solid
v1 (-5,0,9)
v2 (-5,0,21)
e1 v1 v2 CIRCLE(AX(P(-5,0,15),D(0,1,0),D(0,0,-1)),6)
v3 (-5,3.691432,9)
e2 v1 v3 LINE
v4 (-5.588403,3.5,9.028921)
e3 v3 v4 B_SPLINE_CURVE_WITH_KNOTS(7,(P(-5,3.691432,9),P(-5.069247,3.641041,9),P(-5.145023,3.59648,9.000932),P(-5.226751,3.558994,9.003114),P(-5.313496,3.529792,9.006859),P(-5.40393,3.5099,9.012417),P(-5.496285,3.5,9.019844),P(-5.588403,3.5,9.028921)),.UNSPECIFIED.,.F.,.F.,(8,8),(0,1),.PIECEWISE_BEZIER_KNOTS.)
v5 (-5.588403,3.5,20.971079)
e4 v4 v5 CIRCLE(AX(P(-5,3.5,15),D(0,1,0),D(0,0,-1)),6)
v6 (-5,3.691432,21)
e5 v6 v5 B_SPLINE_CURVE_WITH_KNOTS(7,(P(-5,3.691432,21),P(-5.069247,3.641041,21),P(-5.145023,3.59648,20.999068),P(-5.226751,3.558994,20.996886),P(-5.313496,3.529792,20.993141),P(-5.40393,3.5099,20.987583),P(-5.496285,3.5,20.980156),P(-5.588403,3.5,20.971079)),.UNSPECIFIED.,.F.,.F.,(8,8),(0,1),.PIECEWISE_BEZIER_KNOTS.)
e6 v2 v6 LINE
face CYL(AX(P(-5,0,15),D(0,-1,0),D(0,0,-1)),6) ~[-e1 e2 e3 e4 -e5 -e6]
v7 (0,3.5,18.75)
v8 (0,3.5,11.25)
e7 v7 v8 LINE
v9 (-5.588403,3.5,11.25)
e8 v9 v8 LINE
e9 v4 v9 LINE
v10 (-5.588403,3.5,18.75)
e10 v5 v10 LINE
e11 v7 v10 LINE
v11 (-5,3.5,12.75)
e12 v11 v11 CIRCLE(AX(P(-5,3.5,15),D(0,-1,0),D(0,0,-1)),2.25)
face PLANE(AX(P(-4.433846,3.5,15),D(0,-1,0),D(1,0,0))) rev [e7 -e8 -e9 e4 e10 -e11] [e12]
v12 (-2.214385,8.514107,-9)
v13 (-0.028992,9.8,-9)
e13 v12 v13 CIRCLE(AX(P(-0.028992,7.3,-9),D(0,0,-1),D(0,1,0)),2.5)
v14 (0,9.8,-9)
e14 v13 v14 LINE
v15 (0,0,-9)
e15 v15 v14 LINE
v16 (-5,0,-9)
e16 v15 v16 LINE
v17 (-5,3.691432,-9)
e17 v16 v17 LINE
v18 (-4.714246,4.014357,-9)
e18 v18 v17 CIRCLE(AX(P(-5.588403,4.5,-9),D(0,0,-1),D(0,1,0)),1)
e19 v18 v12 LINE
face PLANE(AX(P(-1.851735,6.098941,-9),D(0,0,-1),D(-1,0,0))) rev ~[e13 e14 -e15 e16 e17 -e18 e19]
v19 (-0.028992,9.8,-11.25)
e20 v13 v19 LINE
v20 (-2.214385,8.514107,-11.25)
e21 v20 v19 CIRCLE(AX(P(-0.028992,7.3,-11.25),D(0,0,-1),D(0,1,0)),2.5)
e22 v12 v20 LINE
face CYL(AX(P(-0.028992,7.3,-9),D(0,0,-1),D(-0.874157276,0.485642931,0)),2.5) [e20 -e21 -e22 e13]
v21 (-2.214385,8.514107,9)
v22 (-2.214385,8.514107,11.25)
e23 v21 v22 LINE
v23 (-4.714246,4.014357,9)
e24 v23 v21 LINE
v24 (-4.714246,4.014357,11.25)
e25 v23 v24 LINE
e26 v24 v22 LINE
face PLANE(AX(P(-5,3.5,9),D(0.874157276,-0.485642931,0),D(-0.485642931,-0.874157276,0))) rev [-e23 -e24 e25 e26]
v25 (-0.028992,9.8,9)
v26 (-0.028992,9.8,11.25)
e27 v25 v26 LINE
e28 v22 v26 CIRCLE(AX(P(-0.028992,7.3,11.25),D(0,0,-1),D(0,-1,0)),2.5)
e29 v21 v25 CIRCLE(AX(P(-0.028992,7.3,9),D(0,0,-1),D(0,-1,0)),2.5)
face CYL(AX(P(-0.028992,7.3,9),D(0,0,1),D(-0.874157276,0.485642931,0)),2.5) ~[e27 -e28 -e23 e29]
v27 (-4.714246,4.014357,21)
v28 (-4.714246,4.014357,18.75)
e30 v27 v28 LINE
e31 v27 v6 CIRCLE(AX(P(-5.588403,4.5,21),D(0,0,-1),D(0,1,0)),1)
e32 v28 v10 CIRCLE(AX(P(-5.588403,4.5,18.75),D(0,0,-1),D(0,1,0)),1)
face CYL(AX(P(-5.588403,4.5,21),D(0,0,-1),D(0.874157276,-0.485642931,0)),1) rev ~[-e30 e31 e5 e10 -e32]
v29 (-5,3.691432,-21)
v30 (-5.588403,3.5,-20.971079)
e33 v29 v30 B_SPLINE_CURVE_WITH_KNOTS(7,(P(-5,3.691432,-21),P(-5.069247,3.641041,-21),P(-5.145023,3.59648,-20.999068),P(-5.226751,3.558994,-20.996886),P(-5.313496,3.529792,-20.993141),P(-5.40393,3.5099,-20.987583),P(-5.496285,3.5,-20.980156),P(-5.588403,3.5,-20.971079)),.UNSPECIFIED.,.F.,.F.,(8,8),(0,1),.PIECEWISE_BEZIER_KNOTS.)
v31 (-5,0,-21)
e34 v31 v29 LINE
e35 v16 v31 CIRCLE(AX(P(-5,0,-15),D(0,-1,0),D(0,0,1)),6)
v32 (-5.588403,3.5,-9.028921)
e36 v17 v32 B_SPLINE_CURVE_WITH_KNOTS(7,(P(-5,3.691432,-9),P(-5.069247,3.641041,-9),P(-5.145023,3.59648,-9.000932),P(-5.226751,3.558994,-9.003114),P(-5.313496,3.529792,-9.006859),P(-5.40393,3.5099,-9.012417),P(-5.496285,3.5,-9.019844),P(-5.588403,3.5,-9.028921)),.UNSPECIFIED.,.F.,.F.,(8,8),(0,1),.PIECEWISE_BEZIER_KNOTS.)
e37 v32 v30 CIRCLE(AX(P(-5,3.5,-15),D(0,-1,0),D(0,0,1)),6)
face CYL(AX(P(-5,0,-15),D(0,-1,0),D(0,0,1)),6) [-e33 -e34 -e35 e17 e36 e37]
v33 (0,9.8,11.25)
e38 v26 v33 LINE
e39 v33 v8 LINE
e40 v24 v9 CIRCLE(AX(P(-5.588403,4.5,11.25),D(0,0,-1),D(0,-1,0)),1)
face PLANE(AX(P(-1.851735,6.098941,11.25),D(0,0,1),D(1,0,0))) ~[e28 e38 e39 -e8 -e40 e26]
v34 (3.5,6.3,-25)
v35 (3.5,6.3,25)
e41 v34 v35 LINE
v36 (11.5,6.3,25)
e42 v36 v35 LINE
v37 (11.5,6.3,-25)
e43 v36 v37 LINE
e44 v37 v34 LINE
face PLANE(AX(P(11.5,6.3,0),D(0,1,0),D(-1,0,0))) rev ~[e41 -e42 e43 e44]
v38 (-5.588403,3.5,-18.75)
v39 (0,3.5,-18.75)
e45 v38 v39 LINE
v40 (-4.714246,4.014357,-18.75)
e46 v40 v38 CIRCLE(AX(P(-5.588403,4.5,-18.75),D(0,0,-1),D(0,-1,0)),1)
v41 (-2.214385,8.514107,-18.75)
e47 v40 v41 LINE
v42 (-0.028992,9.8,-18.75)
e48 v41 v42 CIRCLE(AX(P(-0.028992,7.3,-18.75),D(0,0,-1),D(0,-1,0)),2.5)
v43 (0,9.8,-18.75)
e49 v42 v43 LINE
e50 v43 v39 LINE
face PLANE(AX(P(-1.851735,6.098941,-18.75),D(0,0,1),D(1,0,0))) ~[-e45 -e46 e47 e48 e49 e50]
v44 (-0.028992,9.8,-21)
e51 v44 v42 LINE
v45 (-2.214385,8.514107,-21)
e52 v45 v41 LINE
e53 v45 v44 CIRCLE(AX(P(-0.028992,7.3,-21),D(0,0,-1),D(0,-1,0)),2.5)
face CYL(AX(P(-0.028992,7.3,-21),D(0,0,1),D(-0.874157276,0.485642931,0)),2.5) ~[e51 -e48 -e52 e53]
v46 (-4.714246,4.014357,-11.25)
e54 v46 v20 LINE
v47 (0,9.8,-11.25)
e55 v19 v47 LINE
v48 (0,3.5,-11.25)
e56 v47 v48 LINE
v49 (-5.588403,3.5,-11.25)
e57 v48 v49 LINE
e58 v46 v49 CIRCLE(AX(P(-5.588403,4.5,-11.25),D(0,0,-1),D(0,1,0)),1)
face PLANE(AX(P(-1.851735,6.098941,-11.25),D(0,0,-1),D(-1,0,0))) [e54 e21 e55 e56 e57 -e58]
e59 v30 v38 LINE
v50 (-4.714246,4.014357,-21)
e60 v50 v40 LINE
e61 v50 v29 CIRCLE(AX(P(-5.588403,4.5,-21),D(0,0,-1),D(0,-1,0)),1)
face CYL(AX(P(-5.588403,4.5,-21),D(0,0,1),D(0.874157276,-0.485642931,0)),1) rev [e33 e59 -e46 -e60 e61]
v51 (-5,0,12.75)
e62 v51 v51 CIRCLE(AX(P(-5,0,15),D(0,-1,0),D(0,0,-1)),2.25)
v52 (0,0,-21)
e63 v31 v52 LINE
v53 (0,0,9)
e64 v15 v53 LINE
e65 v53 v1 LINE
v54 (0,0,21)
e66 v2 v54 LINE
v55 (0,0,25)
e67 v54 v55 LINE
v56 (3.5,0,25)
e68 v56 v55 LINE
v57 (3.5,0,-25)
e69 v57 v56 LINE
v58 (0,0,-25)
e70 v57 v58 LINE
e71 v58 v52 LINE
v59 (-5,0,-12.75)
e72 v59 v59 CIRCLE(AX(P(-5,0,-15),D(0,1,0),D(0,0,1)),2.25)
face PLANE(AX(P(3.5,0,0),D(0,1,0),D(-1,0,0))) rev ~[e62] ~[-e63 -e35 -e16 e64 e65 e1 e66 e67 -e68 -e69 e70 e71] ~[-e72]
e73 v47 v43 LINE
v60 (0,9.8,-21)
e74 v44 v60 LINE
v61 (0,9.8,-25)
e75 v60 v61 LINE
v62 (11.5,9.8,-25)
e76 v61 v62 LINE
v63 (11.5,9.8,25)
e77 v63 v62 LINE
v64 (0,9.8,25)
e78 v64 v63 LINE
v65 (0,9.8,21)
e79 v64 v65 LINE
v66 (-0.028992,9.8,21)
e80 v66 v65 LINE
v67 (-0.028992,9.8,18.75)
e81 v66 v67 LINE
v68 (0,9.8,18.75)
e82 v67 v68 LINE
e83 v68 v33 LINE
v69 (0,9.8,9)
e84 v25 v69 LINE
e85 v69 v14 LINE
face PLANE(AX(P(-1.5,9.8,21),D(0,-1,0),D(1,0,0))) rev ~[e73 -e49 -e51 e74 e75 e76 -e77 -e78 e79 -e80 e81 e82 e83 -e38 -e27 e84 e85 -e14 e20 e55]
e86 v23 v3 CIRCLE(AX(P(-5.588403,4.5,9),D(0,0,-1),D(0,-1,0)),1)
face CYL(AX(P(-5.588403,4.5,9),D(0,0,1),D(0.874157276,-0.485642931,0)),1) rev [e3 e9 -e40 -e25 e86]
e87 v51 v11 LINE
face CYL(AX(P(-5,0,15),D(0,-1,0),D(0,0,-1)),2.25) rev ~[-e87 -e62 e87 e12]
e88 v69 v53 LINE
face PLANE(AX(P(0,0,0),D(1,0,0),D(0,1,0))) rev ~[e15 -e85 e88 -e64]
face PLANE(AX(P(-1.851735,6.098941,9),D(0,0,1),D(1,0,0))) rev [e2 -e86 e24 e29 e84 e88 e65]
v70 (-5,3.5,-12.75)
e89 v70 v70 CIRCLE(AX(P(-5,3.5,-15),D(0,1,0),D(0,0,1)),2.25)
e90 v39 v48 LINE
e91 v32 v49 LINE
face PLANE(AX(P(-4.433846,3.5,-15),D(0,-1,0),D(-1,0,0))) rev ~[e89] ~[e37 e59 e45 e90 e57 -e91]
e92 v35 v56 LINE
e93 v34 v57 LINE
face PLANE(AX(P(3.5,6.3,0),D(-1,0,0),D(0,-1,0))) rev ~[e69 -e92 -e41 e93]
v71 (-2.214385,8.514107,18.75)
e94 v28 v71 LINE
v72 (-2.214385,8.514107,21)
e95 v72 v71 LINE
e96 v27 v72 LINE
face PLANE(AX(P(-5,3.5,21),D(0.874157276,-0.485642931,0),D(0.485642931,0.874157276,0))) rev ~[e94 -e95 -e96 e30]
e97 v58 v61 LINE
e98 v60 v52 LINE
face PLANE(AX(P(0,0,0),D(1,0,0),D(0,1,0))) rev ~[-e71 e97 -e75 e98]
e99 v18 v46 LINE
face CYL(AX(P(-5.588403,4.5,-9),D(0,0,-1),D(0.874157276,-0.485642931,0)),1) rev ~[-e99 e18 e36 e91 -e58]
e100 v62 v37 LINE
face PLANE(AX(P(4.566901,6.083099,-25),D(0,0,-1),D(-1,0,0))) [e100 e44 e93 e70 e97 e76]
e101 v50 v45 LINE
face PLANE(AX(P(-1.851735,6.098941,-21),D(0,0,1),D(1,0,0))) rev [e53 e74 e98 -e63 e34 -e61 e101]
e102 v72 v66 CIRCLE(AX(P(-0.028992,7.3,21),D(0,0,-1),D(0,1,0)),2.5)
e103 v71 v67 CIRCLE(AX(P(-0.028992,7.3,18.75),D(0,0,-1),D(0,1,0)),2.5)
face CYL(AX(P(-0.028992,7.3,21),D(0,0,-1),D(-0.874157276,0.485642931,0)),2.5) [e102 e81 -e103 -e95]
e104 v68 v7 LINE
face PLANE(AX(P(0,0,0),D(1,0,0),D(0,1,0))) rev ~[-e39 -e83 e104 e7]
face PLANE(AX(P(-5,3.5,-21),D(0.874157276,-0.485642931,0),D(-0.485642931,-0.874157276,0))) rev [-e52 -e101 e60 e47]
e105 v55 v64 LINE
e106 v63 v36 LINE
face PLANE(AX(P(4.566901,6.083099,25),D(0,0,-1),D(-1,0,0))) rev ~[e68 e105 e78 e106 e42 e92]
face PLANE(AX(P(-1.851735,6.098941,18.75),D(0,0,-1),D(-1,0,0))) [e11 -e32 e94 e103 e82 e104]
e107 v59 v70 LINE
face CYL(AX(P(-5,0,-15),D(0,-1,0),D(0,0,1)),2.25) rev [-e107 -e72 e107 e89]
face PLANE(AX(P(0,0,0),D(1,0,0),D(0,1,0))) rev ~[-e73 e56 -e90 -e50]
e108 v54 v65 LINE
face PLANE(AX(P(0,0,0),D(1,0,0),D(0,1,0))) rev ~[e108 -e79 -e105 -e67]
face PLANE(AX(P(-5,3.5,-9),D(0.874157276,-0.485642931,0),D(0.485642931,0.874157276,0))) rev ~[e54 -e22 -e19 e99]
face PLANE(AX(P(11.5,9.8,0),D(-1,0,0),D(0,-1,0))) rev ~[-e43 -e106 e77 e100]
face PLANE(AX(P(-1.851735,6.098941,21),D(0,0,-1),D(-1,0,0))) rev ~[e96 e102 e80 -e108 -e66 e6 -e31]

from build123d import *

# Parameters (mm, degrees)
SALIENTE_EXTRUIR1_DEPTH  = 25
CROQUIS2_R               = 2.25
SALIENTE_EXTRUIR2_DEPTH  = 3.5
SALIENTE_EXTRUIR3_DEPTH  = 2.25
REDONDEO3_R              = 1
REDONDEO5_R              = 2.5
REDONDEO3_OF_SIMETR_A1_R = 1
REDONDEO5_OF_SIMETR_A1_R = 2.5
REDONDEO3_OF_SIMETR_A4_R = 1
REDONDEO5_OF_SIMETR_A4_R = 2.5
SALIENTE_EXTRUIR4_DEPTH  = 2.25
REDONDEO6_R              = 2.5
REDONDEO7_R              = 1


with BuildPart() as part:
    # Croquis1 → Saliente-Extruir1 (new, symmetric)
    with BuildSketch(Plane.XY):
        Polygon((0, 0), (0, 9.8), (11.5, 9.8), (11.5, 6.3), (3.5, 6.3), (3.5, 0), align=None)
    extrude(amount=SALIENTE_EXTRUIR1_DEPTH, both=True)

    # Croquis2 → Saliente-Extruir2 (add)
    with BuildSketch(Plane(origin=(0, 0, 0), x_dir=(1, 0, 0), z_dir=(0, 1, 0))):
        with BuildLine():
            Line((0, 9), (-5, 9))
            ThreePointArc((-5, 9), (-11, 15), (-5, 21))
            Line((-5, 21), (0, 21))
            Line((0, 21), (0, 9))
        make_face()
        with Locations(Location((-5, 15, 0), (0, 0, 270))):
            Circle(CROQUIS2_R, mode=Mode.SUBTRACT)
    saliente_extruir2 = extrude(amount=SALIENTE_EXTRUIR2_DEPTH)

    # Croquis3 → Saliente-Extruir3 (add)
    with BuildSketch(Plane.XY.offset(-9)):
        Polygon((0, 9.8), (0, 3.5), (-5, 3.5), (-1.5, 9.8), align=None)
    saliente_extruir3 = extrude(amount=-SALIENTE_EXTRUIR3_DEPTH)

    # Redondeo3
    redondeo3_edges = [part.edges().sort_by_distance(p)[0] for p in [
        (-5, 3.5, -10.125),
    ]]
    fillet(redondeo3_edges, radius=REDONDEO3_R)

    # Redondeo5
    redondeo5_edges = [part.edges().sort_by_distance(p)[0] for p in [
        (-1.5, 9.8, -10.125),
    ]]
    fillet(redondeo5_edges, radius=REDONDEO5_R)

    # Simetría1: Saliente-Extruir3 across plane
    add(saliente_extruir3.mirror(Plane(origin=(0, 0, -15), x_dir=(1, 0, 0), z_dir=(0, 0, -1))))

    # Redondeo3 of Simetría1
    redondeo3_of_simetr_a1_edges = [part.edges().sort_by_distance(p)[0] for p in [
        (-5, 3.5, -19.875),
    ]]
    fillet(redondeo3_of_simetr_a1_edges, radius=REDONDEO3_OF_SIMETR_A1_R)

    # Redondeo5 of Simetría1
    redondeo5_of_simetr_a1_edges = [part.edges().sort_by_distance(p)[0] for p in [
        (-1.5, 9.8, -19.875),
    ]]
    fillet(redondeo5_of_simetr_a1_edges, radius=REDONDEO5_OF_SIMETR_A1_R)

    # Simetría4: Saliente-Extruir2, Saliente-Extruir3 across plane
    add(saliente_extruir2.mirror(Plane.XY))
    add(saliente_extruir3.mirror(Plane.XY))

    # Redondeo3 of Simetría4
    redondeo3_of_simetr_a4_edges = [part.edges().sort_by_distance(p)[0] for p in [
        (-5, 3.5, 10.125),
    ]]
    fillet(redondeo3_of_simetr_a4_edges, radius=REDONDEO3_OF_SIMETR_A4_R)

    # Redondeo5 of Simetría4
    redondeo5_of_simetr_a4_edges = [part.edges().sort_by_distance(p)[0] for p in [
        (-1.5, 9.8, 10.125),
    ]]
    fillet(redondeo5_of_simetr_a4_edges, radius=REDONDEO5_OF_SIMETR_A4_R)

    # Croquis4 → Saliente-Extruir4 (add)
    with BuildSketch(Plane.XY.offset(21)):
        Polygon((0, 3.5), (-5, 3.5), (-1.5, 9.8), (0, 9.8), align=None)
    extrude(amount=-SALIENTE_EXTRUIR4_DEPTH)

    # Redondeo6
    redondeo6_edges = [part.edges().sort_by_distance(p)[0] for p in [
        (-1.5, 9.8, 19.875),
    ]]
    fillet(redondeo6_edges, radius=REDONDEO6_R)

    # Redondeo7
    redondeo7_edges = [part.edges().sort_by_distance(p)[0] for p in [
        (-5, 3.5, 19.875),
    ]]
    fillet(redondeo7_edges, radius=REDONDEO7_R)


solid = part.part
